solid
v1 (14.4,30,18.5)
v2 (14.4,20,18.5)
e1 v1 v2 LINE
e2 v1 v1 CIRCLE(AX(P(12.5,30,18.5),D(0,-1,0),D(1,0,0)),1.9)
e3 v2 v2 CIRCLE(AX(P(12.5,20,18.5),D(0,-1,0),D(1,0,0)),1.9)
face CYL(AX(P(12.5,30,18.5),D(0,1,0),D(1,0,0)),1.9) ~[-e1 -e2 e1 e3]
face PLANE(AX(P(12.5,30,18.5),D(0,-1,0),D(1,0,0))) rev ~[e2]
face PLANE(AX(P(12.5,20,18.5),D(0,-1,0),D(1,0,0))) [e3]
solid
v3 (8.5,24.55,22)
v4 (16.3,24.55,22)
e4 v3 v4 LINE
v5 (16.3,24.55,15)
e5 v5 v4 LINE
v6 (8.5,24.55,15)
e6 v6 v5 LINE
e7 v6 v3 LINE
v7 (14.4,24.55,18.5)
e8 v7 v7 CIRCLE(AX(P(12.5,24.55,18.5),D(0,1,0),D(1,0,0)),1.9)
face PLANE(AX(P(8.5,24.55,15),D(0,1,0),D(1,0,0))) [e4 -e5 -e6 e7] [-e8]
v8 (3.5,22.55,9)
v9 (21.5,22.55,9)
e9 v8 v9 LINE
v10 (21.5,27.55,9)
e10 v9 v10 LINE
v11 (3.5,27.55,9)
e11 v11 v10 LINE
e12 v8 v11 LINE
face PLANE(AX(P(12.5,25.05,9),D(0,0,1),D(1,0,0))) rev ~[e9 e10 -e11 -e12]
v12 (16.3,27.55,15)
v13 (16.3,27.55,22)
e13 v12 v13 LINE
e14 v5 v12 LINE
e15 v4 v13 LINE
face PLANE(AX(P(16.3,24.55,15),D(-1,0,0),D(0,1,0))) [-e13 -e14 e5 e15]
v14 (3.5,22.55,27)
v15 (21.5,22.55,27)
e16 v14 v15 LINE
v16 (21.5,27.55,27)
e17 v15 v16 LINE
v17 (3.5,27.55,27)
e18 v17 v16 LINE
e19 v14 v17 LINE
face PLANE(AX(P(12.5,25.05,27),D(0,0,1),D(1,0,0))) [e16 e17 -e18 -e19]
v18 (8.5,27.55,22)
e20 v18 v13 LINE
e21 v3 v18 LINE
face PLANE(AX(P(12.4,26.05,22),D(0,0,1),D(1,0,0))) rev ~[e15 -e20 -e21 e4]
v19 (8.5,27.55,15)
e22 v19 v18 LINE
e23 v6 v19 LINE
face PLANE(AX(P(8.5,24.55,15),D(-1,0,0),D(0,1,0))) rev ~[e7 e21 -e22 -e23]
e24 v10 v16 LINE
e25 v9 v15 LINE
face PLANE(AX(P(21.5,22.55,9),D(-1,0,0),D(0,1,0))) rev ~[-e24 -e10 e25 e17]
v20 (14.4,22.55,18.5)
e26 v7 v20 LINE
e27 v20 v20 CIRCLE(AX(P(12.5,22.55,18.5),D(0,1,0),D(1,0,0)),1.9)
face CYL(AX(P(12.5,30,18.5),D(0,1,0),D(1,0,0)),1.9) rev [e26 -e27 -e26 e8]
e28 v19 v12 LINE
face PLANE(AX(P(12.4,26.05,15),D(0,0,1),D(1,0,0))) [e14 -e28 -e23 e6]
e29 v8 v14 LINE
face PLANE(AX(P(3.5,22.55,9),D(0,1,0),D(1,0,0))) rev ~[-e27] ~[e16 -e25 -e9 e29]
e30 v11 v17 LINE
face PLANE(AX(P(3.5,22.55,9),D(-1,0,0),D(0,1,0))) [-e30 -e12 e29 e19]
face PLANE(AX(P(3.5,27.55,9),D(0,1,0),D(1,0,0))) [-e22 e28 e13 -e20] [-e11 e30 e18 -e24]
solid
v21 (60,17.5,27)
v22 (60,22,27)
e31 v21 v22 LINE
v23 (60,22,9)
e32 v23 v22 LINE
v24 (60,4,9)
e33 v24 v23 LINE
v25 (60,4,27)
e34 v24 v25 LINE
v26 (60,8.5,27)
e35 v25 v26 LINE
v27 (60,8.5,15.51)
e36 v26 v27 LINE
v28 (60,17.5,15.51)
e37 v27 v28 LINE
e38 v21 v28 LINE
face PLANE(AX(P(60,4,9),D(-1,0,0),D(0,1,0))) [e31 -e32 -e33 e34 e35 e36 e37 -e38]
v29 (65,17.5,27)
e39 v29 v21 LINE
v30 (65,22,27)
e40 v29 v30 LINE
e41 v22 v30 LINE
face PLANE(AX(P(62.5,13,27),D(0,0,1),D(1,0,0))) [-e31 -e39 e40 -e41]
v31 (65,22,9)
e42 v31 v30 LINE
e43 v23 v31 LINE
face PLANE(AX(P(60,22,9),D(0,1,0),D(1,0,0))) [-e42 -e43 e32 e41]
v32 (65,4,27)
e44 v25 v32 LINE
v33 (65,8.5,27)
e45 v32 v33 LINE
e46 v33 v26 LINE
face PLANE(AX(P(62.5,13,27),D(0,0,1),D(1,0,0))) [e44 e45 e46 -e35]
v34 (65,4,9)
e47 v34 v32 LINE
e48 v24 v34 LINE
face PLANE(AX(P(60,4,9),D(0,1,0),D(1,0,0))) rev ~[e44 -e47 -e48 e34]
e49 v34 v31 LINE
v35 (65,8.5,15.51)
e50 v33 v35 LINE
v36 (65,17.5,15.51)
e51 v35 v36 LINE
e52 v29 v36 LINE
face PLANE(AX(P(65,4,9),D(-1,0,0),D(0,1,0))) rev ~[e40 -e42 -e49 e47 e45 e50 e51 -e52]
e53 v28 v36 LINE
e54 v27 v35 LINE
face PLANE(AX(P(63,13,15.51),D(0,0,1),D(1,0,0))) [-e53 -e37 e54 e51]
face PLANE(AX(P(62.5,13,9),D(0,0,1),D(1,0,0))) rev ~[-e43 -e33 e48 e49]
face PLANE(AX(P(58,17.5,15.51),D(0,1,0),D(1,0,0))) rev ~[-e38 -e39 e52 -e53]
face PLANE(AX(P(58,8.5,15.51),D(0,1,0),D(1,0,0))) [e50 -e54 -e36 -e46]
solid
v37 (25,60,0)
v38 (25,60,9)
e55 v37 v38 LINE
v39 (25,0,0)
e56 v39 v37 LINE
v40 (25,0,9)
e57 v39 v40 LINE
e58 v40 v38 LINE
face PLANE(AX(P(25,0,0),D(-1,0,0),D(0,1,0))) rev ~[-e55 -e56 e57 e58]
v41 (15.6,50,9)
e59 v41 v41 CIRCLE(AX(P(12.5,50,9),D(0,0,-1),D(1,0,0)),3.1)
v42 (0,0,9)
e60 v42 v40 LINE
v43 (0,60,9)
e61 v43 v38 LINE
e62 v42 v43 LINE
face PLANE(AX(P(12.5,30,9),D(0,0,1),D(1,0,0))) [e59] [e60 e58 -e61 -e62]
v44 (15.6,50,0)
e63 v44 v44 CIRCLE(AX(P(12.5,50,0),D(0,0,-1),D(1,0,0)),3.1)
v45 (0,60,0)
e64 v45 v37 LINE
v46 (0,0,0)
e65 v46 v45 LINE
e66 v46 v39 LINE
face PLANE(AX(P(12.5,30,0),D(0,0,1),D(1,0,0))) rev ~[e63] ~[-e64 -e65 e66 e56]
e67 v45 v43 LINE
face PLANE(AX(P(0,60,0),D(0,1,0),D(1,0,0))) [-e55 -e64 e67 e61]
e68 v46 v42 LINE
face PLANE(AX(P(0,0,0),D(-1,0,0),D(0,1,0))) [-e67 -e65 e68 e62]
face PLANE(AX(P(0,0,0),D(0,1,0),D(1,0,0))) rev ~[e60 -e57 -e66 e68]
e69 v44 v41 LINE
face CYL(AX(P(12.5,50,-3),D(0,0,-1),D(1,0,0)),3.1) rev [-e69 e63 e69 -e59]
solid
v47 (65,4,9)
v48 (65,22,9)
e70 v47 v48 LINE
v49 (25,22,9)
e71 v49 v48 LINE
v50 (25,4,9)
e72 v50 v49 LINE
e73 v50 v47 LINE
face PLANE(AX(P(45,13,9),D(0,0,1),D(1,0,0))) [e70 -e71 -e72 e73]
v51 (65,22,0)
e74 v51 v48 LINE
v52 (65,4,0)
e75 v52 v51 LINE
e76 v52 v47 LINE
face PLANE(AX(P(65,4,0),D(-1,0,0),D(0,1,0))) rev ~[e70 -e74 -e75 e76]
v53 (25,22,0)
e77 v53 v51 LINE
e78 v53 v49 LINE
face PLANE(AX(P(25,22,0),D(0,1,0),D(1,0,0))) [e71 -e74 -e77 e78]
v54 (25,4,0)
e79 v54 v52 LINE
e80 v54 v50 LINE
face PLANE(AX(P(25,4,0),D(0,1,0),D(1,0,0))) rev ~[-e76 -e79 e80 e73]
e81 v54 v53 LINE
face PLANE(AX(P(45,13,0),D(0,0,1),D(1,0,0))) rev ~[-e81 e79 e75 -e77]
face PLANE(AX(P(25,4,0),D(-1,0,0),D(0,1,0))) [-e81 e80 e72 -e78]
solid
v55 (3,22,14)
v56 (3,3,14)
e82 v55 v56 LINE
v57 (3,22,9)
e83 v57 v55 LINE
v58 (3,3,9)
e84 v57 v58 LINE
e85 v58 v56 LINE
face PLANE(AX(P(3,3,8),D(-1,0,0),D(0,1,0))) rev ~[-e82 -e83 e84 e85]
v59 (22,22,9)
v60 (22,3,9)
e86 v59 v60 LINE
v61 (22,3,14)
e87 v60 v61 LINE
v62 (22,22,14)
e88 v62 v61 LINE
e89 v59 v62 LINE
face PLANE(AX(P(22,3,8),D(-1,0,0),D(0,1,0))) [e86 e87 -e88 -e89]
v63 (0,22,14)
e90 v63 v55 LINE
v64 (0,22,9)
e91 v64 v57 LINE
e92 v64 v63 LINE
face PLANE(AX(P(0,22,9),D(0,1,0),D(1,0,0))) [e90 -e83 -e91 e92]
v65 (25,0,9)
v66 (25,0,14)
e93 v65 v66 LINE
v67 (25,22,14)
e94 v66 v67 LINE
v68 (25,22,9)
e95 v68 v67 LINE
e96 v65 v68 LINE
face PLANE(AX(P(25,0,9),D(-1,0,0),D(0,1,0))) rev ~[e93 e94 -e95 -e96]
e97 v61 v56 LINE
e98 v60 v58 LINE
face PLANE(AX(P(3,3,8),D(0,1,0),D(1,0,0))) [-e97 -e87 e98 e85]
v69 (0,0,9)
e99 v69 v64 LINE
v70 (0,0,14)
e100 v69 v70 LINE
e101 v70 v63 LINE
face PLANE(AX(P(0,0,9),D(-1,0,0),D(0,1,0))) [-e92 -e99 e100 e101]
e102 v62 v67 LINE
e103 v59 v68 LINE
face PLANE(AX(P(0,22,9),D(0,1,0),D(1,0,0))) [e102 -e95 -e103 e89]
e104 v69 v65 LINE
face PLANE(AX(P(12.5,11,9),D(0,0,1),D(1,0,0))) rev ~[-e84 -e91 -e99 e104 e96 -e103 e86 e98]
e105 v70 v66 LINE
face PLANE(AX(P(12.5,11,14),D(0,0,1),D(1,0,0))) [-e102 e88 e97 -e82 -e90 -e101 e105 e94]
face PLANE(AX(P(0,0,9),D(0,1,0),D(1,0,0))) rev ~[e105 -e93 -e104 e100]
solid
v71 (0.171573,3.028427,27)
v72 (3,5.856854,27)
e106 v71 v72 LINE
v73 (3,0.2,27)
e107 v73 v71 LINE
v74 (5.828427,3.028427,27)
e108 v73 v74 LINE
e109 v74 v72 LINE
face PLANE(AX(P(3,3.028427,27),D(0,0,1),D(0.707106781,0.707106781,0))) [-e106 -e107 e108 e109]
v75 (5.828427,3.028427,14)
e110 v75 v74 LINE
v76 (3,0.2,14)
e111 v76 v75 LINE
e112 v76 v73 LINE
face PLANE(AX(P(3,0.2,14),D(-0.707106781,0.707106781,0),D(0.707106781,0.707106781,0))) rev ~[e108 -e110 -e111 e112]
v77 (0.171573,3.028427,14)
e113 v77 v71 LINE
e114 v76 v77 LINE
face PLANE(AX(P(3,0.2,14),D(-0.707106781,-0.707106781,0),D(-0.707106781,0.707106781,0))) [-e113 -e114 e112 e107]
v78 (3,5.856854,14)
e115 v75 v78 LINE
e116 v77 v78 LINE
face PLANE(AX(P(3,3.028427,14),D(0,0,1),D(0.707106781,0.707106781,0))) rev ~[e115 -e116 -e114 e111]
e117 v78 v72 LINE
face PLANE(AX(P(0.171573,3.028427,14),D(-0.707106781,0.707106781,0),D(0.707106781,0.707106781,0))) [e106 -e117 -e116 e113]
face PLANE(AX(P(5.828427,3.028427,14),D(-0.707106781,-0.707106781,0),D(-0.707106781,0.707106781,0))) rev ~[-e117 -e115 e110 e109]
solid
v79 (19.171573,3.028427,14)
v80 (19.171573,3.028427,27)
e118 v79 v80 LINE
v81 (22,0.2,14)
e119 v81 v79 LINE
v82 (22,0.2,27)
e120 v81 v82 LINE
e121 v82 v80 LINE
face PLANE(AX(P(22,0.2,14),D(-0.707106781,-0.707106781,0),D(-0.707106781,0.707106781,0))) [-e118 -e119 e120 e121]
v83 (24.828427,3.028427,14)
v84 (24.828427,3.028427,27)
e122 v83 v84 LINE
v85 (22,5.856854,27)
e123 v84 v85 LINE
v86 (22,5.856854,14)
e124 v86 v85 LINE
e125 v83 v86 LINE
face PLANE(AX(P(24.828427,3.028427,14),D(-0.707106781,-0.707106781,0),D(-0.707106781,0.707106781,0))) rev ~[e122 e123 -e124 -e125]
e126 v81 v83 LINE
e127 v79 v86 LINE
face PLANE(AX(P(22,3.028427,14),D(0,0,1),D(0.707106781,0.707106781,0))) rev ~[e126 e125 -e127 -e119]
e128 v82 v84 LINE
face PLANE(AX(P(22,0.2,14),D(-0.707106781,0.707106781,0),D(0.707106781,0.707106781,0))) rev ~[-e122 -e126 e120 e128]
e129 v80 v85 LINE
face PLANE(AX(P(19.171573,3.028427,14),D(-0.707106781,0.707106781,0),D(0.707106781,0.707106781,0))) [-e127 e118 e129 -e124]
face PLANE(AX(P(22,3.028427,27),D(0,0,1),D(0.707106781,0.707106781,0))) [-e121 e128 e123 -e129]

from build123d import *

# Parameters (mm, degrees)
BOX002_W               = 19
BOX002_H               = 22
BOX002_DEPTH           = 10
BOX001_W               = 25
BOX001_H               = 22
BOX001_DEPTH           = 5
CYLINDER_R             = 3.1
CYLINDER_DEPTH         = 15
BOX_W                  = 25
BOX_H                  = 60
BOX_DEPTH              = 9
BOX003_W               = 4
BOX003_H               = 4
BOX003_DEPTH           = 13
BOX003_PLACEMENT_ANGLE = 45
BOX004_W               = 4
BOX004_H               = 4
BOX004_DEPTH           = 13
BOX004_PLACEMENT_ANGLE = 45
CYLINDER001_R          = 1.9
CYLINDER001_DEPTH      = 10
BOX006_W               = 7.8
BOX006_H               = 3
BOX006_DEPTH           = 7
BOX005_W               = 18
BOX005_H               = 5
BOX005_DEPTH           = 18
CYLINDER002_R          = 1.9
CYLINDER002_DEPTH      = 10
BOX007_W               = 40
BOX007_H               = 18
BOX007_DEPTH           = 9
BOX009_W               = 10
BOX009_H               = 9
BOX009_DEPTH           = 15
BOX008_W               = 5
BOX008_H               = 18
BOX008_DEPTH           = 18


with BuildPart() as cube002:
    # Box002 → Box002 (new body)
    with BuildSketch(Plane(origin=(3, 3, 8), x_dir=(1, 0, 0), z_dir=(0, 0, 1))):
        with Locations((9.5, 11)):
            Rectangle(BOX002_W, BOX002_H)
    extrude(amount=BOX002_DEPTH)


with BuildPart() as cut:
    # Box001 → Box001 (new body)
    with BuildSketch(Plane.XY.offset(9)):
        with Locations((12.5, 11)):
            Rectangle(BOX001_W, BOX001_H)
    extrude(amount=BOX001_DEPTH)

    # Cut: cut Cube002
    add(cube002.part, mode=Mode.SUBTRACT)


with BuildPart() as cylinder:
    # Cylinder → Cylinder (new body)
    with BuildSketch(Plane(origin=(12.5, 50, -3), x_dir=(1, 0, 0), z_dir=(0, 0, 1))):
        Circle(CYLINDER_R)
    extrude(amount=CYLINDER_DEPTH)


with BuildPart() as cut001:
    # Box → Box (new body)
    with BuildSketch(Plane.XY):
        with Locations((12.5, 30)):
            Rectangle(BOX_W, BOX_H)
    extrude(amount=BOX_DEPTH)

    # Cut001: cut Cylinder
    add(cylinder.part, mode=Mode.SUBTRACT)


with BuildPart() as cube003:
    # Box003 → Box003 (new body)
    with BuildSketch(Plane.XY):
        with Locations((2, 2)):
            Rectangle(BOX003_W, BOX003_H)
    extrude(amount=BOX003_DEPTH)


with BuildPart() as cube003_1:
    # Box003 placement: moved
    add(cube003.part.moved(Location((3, 0.2, 14))).rotate(Axis((3, 0.2, 14), (0, 0, 1)), BOX003_PLACEMENT_ANGLE))


with BuildPart() as cube004:
    # Box004 → Box004 (new body)
    with BuildSketch(Plane.XY):
        with Locations((2, 2)):
            Rectangle(BOX004_W, BOX004_H)
    extrude(amount=BOX004_DEPTH)


with BuildPart() as cube004_1:
    # Box004 placement: moved
    add(cube004.part.moved(Location((22, 0.2, 14))).rotate(Axis((22, 0.2, 14), (0, 0, 1)), BOX004_PLACEMENT_ANGLE))


with BuildPart() as cylinder001:
    # Cylinder001 → Cylinder001 (new body)
    with BuildSketch(Plane(origin=(12.5, 30, 18.5), x_dir=(1, 0, 0), z_dir=(0, -1, 0))):
        Circle(CYLINDER001_R)
    extrude(amount=CYLINDER001_DEPTH)


with BuildPart() as cube006:
    # Box006 → Box006 (new body)
    with BuildSketch(Plane(origin=(8.5, 24.55, 15), x_dir=(1, 0, 0), z_dir=(0, 0, 1))):
        with Locations((3.9, 1.5)):
            Rectangle(BOX006_W, BOX006_H)
    extrude(amount=BOX006_DEPTH)


with BuildPart() as cut003:
    # Box005 → Box005 (new body)
    with BuildSketch(Plane(origin=(3.5, 22.55, 9), x_dir=(1, 0, 0), z_dir=(0, 0, 1))):
        with Locations((9, 2.5)):
            Rectangle(BOX005_W, BOX005_H)
    extrude(amount=BOX005_DEPTH)

    # Cut002: cut Cube006
    add(cube006.part, mode=Mode.SUBTRACT)

    # Cut003: cut Cylinder001
    add(cylinder001.part, mode=Mode.SUBTRACT)


with BuildPart() as cylinder002:
    # Cylinder002 → Cylinder002 (new body)
    with BuildSketch(Plane(origin=(12.5, 30, 18.5), x_dir=(1, 0, 0), z_dir=(0, -1, 0))):
        Circle(CYLINDER002_R)
    extrude(amount=CYLINDER002_DEPTH)


with BuildPart() as cube007:
    # Box007 → Box007 (new body)
    with BuildSketch(Plane(origin=(25, 4, 0), x_dir=(1, 0, 0), z_dir=(0, 0, 1))):
        with Locations((20, 9)):
            Rectangle(BOX007_W, BOX007_H)
    extrude(amount=BOX007_DEPTH)


with BuildPart() as cube009:
    # Box009 → Box009 (new body)
    with BuildSketch(Plane(origin=(58, 4.5, 15.51), x_dir=(1, 0, 0), z_dir=(0, 0, 1))):
        with Locations((5, 4.5)):
            Rectangle(BOX009_W, BOX009_H)
    extrude(amount=BOX009_DEPTH)


with BuildPart() as cut004:
    # Box008 → Box008 (new body)
    with BuildSketch(Plane(origin=(60, 0, 9), x_dir=(1, 0, 0), z_dir=(0, 0, 1))):
        with Locations((2.5, 9)):
            Rectangle(BOX008_W, BOX008_H)
    extrude(amount=BOX008_DEPTH)

    # Cut004: cut Cube009
    add(cube009.part, mode=Mode.SUBTRACT)


with BuildPart() as cut004_1:
    # Cut004 placement: moved
    add(cut004.part.moved(Location((0, 4, 0))))


solid = Compound([cut.part, cut001.part, cube003_1.part, cube004_1.part, cut003.part, cylinder002.part, cube007.part, cut004_1.part])
